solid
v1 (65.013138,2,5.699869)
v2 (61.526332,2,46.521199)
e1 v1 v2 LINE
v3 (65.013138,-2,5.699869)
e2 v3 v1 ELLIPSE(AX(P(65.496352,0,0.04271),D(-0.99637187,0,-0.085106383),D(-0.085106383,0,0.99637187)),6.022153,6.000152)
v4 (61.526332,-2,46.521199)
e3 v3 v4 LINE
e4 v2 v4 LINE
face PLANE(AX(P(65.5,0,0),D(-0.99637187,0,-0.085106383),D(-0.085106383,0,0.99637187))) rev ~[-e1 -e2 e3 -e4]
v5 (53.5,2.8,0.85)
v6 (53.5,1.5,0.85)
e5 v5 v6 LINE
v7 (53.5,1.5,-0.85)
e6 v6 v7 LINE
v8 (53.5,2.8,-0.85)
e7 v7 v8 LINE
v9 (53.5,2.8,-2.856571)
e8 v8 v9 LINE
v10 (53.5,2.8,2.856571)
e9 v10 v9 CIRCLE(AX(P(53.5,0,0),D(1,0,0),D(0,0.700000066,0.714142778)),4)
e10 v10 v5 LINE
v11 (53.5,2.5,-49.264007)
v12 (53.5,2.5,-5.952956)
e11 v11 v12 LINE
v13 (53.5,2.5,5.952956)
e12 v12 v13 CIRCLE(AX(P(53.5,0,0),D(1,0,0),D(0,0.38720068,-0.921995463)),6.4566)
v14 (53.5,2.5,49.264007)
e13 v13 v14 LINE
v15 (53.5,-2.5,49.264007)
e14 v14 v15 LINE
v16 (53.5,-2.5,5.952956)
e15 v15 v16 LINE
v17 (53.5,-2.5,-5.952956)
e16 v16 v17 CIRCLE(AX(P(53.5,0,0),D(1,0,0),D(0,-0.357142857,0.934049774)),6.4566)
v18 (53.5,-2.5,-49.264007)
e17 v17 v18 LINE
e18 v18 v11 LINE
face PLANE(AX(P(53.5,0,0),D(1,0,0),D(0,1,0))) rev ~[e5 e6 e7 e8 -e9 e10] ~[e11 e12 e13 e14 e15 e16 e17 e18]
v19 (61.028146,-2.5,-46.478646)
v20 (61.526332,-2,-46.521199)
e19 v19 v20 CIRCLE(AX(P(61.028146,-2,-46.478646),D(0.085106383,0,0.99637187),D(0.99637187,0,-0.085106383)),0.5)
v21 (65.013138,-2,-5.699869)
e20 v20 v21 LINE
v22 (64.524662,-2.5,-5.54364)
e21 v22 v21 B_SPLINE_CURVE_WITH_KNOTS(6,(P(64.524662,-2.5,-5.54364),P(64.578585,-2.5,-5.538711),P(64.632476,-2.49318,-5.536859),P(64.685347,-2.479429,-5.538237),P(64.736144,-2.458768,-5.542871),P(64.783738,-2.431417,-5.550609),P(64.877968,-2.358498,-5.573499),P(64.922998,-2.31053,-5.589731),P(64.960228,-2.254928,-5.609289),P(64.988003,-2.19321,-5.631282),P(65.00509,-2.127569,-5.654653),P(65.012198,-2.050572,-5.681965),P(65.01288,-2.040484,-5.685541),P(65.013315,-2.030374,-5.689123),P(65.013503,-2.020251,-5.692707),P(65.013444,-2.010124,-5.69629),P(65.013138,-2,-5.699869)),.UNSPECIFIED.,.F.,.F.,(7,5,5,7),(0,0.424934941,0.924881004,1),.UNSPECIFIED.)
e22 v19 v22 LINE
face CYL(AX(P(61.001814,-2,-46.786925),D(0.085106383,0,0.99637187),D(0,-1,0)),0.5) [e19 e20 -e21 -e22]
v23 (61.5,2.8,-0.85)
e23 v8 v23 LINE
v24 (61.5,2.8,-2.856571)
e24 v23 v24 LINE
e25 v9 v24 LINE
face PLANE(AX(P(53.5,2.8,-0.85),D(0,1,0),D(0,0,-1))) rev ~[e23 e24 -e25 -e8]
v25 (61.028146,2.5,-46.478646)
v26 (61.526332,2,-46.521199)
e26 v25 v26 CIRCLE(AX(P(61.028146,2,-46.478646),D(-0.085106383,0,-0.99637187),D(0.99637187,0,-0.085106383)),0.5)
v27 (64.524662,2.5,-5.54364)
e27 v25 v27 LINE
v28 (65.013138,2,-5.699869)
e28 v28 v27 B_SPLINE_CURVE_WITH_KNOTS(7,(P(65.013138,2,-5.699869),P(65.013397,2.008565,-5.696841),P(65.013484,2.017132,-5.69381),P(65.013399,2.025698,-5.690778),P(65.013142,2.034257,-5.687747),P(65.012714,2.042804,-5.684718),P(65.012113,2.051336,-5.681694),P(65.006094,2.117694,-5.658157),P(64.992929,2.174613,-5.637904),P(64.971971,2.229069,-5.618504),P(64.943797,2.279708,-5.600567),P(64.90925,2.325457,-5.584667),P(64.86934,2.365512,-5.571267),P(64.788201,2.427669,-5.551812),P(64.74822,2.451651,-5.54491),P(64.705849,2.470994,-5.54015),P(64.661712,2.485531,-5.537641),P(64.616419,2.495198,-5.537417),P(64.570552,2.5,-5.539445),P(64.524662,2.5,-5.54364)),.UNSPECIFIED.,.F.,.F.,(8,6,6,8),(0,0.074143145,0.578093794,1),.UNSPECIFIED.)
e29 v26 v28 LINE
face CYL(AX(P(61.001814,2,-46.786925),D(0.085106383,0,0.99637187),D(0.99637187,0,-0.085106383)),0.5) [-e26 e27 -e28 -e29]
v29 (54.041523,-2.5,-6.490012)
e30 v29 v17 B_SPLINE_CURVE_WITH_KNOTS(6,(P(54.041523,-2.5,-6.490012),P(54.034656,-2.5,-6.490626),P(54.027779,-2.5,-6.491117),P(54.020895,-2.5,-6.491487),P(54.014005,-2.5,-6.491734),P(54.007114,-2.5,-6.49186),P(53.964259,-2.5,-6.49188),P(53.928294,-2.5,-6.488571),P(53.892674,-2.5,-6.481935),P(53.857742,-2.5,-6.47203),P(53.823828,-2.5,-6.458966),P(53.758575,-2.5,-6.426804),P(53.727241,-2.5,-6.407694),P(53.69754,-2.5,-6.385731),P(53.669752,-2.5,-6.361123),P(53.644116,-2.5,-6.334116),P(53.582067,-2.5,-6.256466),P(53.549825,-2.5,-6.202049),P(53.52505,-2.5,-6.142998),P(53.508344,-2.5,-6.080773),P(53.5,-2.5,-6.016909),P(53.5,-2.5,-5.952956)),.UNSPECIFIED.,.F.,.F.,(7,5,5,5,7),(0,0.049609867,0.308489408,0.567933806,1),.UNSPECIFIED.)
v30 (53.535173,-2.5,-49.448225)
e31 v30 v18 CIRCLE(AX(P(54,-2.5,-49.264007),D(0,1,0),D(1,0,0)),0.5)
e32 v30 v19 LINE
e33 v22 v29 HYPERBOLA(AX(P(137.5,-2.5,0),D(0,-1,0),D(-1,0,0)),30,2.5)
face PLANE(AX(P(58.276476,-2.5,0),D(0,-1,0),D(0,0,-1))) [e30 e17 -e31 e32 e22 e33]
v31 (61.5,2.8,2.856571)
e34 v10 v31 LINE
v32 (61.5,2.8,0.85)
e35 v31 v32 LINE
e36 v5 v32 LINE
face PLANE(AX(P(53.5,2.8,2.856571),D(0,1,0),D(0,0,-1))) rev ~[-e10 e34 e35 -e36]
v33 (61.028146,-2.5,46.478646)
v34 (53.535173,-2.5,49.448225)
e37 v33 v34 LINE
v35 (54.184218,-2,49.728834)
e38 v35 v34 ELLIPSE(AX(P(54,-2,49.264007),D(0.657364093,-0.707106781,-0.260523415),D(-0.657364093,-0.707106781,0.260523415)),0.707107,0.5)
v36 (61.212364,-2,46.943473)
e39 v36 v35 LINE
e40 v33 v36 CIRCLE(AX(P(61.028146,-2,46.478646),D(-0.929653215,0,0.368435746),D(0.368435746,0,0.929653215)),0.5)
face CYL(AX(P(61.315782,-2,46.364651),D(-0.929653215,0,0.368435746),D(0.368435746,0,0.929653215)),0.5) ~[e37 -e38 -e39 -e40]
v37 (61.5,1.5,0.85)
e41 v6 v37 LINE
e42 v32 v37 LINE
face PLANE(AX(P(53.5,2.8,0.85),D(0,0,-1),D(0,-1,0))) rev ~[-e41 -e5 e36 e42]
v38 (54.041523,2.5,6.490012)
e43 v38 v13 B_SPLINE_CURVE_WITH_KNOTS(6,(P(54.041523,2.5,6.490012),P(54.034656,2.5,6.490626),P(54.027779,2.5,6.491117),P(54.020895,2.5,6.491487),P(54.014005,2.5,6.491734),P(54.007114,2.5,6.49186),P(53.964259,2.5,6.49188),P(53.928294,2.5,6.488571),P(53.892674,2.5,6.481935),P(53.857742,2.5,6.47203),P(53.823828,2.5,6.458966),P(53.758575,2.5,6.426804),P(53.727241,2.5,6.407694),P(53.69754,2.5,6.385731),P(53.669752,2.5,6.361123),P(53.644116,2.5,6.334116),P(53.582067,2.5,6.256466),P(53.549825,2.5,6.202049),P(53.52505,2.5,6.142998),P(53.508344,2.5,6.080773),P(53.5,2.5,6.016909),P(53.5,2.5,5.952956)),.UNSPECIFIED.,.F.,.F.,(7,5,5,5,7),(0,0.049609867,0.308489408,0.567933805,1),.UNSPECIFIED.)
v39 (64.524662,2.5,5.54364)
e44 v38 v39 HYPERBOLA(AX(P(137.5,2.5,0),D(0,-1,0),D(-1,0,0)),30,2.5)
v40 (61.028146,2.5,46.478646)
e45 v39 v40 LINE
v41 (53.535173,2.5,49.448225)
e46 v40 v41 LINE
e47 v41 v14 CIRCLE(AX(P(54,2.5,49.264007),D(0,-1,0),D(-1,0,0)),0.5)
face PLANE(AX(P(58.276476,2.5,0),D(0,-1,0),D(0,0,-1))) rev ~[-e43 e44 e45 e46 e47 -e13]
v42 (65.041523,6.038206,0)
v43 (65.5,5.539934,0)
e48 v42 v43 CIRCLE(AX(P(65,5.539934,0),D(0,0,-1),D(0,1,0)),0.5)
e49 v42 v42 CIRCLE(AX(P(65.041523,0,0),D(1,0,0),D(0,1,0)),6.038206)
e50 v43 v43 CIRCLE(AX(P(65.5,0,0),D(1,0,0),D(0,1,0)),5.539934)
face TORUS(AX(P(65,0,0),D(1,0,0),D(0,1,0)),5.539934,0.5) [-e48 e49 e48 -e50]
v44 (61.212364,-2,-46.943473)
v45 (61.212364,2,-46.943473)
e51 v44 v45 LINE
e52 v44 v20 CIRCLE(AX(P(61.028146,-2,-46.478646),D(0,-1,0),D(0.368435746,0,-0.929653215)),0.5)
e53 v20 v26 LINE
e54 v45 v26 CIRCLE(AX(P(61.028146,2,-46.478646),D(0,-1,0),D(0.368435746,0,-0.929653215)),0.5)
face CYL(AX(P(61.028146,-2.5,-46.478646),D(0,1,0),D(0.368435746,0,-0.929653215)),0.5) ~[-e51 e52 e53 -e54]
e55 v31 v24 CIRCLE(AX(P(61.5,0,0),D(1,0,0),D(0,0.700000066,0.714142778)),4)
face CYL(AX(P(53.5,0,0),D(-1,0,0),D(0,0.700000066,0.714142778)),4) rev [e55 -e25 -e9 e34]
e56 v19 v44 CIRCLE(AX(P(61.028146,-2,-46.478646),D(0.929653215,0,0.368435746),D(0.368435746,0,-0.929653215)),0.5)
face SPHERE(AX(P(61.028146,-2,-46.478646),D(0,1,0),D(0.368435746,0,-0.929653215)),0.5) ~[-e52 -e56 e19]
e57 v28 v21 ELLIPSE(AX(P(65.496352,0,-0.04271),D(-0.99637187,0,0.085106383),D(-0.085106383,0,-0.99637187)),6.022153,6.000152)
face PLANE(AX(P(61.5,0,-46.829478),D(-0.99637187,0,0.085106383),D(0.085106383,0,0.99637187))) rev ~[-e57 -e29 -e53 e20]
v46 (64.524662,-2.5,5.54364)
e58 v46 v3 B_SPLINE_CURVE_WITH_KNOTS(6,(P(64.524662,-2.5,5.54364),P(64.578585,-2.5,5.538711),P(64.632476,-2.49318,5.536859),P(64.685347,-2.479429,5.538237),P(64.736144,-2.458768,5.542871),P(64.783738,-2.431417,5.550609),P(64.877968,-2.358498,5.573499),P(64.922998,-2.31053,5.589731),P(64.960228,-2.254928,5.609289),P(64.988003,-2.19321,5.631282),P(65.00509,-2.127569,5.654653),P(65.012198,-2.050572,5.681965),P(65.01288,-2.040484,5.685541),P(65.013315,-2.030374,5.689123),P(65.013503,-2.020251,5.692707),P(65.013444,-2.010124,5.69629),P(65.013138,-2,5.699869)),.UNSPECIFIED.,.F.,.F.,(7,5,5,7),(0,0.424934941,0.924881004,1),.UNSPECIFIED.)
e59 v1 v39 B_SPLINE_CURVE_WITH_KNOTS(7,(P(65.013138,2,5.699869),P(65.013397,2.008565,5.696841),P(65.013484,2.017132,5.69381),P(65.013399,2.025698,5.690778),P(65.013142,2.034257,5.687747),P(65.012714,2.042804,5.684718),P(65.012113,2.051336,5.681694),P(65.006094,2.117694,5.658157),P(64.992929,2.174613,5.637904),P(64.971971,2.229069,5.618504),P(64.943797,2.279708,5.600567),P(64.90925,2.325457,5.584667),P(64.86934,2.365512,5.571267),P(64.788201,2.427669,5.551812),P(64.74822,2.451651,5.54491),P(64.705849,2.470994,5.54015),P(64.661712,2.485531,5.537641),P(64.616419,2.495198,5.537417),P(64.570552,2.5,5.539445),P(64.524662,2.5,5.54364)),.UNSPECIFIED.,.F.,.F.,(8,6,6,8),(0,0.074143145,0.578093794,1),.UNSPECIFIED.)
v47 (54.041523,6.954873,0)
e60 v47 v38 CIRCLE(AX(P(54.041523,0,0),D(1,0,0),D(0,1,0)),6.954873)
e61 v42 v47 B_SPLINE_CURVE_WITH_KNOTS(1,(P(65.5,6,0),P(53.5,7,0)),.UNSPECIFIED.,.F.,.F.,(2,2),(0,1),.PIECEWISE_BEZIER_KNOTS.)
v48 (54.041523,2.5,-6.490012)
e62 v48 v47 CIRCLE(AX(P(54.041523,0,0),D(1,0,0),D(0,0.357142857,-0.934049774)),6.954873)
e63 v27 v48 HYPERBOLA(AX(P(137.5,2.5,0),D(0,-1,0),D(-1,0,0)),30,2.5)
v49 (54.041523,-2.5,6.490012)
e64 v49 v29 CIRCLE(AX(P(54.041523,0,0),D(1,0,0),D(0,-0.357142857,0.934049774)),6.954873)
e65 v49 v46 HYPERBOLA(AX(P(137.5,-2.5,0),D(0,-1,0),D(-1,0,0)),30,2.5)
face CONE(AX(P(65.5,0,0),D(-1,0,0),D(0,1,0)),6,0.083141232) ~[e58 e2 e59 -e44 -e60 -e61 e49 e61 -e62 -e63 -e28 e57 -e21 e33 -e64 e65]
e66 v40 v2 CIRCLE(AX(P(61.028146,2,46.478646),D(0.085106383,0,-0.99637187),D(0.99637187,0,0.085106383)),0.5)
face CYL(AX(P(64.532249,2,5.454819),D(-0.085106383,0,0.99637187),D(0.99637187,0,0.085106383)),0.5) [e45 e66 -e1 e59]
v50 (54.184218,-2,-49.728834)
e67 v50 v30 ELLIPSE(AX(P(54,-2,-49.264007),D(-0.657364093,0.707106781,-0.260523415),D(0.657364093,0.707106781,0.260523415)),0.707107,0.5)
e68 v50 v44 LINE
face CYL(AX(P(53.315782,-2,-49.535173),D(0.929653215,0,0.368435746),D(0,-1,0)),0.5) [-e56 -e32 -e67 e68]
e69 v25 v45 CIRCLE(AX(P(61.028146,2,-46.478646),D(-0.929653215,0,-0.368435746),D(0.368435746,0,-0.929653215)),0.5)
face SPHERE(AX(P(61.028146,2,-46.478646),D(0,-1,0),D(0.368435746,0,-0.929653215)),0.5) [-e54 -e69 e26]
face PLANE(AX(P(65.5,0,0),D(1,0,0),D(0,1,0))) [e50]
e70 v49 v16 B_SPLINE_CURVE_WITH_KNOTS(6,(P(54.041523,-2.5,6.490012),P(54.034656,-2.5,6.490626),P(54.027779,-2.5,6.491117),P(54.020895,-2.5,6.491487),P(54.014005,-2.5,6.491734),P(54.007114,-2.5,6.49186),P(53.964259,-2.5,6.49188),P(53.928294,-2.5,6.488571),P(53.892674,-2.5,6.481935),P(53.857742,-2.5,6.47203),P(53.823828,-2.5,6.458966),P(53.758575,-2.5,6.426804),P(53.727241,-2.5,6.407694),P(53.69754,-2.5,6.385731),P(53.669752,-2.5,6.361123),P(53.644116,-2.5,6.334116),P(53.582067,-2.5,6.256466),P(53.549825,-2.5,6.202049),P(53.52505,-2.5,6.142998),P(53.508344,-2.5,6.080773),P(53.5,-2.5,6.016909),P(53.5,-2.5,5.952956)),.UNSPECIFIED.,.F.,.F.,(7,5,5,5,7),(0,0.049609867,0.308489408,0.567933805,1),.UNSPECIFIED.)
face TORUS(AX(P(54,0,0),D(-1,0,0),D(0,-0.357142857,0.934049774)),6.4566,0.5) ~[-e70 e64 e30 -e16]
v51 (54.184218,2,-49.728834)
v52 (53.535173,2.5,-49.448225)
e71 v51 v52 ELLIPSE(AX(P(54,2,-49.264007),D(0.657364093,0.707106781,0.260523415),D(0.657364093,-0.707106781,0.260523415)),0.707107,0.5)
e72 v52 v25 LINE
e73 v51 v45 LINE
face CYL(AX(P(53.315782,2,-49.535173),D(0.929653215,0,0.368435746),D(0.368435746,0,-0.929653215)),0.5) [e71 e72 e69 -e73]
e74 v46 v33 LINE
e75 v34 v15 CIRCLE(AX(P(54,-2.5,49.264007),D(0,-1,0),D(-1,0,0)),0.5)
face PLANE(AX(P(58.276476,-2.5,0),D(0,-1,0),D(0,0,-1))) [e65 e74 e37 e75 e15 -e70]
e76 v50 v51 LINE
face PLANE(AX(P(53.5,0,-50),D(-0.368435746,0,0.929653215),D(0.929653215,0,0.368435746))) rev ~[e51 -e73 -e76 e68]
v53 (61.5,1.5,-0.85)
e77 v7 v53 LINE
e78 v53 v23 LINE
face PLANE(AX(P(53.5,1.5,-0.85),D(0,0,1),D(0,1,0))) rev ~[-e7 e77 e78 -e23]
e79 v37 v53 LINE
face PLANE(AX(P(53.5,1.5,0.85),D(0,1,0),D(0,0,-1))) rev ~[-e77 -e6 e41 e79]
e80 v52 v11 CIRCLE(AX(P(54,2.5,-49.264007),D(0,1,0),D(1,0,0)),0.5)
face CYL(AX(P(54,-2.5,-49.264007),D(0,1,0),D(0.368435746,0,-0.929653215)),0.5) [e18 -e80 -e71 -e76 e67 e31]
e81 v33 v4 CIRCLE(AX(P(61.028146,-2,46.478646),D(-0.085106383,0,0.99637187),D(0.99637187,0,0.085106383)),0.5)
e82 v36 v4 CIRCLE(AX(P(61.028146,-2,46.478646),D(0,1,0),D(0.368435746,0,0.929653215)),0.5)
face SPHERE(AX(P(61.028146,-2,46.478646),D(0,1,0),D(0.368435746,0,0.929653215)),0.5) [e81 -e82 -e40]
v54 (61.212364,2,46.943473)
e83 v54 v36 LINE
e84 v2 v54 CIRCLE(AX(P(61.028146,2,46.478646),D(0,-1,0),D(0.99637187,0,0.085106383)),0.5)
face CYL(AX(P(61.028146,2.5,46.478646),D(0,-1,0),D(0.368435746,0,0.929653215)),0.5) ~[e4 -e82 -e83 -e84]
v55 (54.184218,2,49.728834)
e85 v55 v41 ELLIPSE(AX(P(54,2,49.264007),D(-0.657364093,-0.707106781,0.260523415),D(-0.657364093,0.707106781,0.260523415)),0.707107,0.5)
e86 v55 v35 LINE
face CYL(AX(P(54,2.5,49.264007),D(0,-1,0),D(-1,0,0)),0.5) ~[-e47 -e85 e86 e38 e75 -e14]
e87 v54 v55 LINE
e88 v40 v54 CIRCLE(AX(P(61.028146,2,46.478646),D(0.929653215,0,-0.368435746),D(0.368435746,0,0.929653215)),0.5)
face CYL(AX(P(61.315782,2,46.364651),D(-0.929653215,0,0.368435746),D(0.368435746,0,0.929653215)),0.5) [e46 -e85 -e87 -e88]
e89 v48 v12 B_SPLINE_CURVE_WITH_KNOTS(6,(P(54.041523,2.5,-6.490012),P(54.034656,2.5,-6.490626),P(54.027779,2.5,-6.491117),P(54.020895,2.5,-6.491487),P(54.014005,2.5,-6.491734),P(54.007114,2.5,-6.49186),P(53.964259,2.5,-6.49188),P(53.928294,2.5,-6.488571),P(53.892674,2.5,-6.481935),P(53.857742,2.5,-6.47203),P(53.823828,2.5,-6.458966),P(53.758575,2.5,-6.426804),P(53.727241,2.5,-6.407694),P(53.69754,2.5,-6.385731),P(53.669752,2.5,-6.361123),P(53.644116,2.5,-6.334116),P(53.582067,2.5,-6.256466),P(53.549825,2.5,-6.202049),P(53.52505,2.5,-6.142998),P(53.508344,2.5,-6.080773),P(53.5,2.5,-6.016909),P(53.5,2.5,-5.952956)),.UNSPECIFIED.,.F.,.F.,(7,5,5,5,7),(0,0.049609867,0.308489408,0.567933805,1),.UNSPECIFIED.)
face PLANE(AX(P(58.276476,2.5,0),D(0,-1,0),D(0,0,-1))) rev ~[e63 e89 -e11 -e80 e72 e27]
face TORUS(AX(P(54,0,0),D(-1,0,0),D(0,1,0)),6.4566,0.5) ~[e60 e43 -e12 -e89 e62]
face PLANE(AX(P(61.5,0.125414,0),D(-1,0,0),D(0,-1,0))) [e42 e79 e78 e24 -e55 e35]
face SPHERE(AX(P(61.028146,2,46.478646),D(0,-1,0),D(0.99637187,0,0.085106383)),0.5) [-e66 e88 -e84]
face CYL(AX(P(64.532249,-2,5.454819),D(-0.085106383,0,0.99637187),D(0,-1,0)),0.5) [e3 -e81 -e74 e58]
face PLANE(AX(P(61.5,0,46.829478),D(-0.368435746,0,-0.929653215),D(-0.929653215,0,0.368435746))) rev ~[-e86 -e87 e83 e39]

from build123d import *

# Parameters (mm, degrees)
SKETCH028_R             = 6
SKETCH027_R             = 7
PAD010_DEPTH            = 2.5
FILLET002_R             = 0.5
FILLET003_R             = 0.5
FILLET004_R             = 0.5
POCKET009_DEPTH         = 8
BODY005_ROLL_ANGLE      = 90
BODY005_PLACEMENT_ANGLE = 90


with BuildPart() as part:
    # Sketch028 → AdditiveLoft section 0
    with BuildSketch(Plane.XY.offset(12)):
        Circle(SKETCH028_R)
    # Sketch027 → AdditiveLoft section 1
    with BuildSketch(Plane.XY):
        Circle(SKETCH027_R)
    loft()

    # Sketch029 → Pad010 (new body, symmetric)
    with BuildSketch(Plane.YZ):
        Polygon((0, 12), (46.829478, 8), (50, 0), (0, 0), (-50, 0), (-46.829478, 8), align=None)
    extrude(amount=PAD010_DEPTH, both=True)

    # Fillet002
    fillet002_edges = [part.edges().sort_by_distance(p)[0] for p in [
        (-6, 0, 12),
    ]]
    fillet(fillet002_edges, radius=FILLET002_R)

    # Fillet003
    fillet003_edges = [part.edges().sort_by_distance(p)[0] for p in [
        (-7, 0, 0),
        (5.766281, 3.968627, 0),
        (5.766281, -3.968627, 0),
    ]]
    fillet(fillet003_edges, radius=FILLET003_R)

    # Fillet004
    fillet004_edges = [part.edges().sort_by_distance(p)[0] for p in [
        (2.5, 26.163425, 9.765217),
        (-2.5, 26.163425, 9.765217),
        (-2.5, -26.163425, 9.765217),
        (2.5, -26.163425, 9.765217),
        (0, -46.829478, 8),
        (0, -50, 0),
        (-2.5, -48.414739, 4),
        (2.5, -48.414739, 4),
        (2.5, 48.414739, 4),
        (0, 46.829478, 8),
        (-2.5, 48.414739, 4),
        (0, 50, 0),
    ]]
    fillet(fillet004_edges, radius=FILLET004_R)

    # Sketch030 → Pocket009 (cut)
    with BuildSketch(Plane.XY):
        with BuildLine():
            Line((2.8, 2.856571), (2.8, 0.85))
            Line((2.8, 0.85), (1.5, 0.85))
            Line((1.5, 0.85), (1.5, -0.85))
            Line((1.5, -0.85), (2.8, -0.85))
            Line((2.8, -0.85), (2.8, -2.856571))
            ThreePointArc((2.8, 2.856571), (-4, 0), (2.8, -2.856571))
        make_face()
    extrude(amount=POCKET009_DEPTH, mode=Mode.SUBTRACT)


with BuildPart() as part_1:
    # Body005 roll: moved
    add(part.part.rotate(Axis((0, 0, 0), (1, 0, 0)), BODY005_ROLL_ANGLE))


with BuildPart() as part_2:
    # Body005 placement: moved
    add(part_1.part.moved(Location((53.5, 0, 0))).rotate(Axis((53.5, 0, 0), (0, 0, 1)), BODY005_PLACEMENT_ANGLE))


solid = part_2.part
